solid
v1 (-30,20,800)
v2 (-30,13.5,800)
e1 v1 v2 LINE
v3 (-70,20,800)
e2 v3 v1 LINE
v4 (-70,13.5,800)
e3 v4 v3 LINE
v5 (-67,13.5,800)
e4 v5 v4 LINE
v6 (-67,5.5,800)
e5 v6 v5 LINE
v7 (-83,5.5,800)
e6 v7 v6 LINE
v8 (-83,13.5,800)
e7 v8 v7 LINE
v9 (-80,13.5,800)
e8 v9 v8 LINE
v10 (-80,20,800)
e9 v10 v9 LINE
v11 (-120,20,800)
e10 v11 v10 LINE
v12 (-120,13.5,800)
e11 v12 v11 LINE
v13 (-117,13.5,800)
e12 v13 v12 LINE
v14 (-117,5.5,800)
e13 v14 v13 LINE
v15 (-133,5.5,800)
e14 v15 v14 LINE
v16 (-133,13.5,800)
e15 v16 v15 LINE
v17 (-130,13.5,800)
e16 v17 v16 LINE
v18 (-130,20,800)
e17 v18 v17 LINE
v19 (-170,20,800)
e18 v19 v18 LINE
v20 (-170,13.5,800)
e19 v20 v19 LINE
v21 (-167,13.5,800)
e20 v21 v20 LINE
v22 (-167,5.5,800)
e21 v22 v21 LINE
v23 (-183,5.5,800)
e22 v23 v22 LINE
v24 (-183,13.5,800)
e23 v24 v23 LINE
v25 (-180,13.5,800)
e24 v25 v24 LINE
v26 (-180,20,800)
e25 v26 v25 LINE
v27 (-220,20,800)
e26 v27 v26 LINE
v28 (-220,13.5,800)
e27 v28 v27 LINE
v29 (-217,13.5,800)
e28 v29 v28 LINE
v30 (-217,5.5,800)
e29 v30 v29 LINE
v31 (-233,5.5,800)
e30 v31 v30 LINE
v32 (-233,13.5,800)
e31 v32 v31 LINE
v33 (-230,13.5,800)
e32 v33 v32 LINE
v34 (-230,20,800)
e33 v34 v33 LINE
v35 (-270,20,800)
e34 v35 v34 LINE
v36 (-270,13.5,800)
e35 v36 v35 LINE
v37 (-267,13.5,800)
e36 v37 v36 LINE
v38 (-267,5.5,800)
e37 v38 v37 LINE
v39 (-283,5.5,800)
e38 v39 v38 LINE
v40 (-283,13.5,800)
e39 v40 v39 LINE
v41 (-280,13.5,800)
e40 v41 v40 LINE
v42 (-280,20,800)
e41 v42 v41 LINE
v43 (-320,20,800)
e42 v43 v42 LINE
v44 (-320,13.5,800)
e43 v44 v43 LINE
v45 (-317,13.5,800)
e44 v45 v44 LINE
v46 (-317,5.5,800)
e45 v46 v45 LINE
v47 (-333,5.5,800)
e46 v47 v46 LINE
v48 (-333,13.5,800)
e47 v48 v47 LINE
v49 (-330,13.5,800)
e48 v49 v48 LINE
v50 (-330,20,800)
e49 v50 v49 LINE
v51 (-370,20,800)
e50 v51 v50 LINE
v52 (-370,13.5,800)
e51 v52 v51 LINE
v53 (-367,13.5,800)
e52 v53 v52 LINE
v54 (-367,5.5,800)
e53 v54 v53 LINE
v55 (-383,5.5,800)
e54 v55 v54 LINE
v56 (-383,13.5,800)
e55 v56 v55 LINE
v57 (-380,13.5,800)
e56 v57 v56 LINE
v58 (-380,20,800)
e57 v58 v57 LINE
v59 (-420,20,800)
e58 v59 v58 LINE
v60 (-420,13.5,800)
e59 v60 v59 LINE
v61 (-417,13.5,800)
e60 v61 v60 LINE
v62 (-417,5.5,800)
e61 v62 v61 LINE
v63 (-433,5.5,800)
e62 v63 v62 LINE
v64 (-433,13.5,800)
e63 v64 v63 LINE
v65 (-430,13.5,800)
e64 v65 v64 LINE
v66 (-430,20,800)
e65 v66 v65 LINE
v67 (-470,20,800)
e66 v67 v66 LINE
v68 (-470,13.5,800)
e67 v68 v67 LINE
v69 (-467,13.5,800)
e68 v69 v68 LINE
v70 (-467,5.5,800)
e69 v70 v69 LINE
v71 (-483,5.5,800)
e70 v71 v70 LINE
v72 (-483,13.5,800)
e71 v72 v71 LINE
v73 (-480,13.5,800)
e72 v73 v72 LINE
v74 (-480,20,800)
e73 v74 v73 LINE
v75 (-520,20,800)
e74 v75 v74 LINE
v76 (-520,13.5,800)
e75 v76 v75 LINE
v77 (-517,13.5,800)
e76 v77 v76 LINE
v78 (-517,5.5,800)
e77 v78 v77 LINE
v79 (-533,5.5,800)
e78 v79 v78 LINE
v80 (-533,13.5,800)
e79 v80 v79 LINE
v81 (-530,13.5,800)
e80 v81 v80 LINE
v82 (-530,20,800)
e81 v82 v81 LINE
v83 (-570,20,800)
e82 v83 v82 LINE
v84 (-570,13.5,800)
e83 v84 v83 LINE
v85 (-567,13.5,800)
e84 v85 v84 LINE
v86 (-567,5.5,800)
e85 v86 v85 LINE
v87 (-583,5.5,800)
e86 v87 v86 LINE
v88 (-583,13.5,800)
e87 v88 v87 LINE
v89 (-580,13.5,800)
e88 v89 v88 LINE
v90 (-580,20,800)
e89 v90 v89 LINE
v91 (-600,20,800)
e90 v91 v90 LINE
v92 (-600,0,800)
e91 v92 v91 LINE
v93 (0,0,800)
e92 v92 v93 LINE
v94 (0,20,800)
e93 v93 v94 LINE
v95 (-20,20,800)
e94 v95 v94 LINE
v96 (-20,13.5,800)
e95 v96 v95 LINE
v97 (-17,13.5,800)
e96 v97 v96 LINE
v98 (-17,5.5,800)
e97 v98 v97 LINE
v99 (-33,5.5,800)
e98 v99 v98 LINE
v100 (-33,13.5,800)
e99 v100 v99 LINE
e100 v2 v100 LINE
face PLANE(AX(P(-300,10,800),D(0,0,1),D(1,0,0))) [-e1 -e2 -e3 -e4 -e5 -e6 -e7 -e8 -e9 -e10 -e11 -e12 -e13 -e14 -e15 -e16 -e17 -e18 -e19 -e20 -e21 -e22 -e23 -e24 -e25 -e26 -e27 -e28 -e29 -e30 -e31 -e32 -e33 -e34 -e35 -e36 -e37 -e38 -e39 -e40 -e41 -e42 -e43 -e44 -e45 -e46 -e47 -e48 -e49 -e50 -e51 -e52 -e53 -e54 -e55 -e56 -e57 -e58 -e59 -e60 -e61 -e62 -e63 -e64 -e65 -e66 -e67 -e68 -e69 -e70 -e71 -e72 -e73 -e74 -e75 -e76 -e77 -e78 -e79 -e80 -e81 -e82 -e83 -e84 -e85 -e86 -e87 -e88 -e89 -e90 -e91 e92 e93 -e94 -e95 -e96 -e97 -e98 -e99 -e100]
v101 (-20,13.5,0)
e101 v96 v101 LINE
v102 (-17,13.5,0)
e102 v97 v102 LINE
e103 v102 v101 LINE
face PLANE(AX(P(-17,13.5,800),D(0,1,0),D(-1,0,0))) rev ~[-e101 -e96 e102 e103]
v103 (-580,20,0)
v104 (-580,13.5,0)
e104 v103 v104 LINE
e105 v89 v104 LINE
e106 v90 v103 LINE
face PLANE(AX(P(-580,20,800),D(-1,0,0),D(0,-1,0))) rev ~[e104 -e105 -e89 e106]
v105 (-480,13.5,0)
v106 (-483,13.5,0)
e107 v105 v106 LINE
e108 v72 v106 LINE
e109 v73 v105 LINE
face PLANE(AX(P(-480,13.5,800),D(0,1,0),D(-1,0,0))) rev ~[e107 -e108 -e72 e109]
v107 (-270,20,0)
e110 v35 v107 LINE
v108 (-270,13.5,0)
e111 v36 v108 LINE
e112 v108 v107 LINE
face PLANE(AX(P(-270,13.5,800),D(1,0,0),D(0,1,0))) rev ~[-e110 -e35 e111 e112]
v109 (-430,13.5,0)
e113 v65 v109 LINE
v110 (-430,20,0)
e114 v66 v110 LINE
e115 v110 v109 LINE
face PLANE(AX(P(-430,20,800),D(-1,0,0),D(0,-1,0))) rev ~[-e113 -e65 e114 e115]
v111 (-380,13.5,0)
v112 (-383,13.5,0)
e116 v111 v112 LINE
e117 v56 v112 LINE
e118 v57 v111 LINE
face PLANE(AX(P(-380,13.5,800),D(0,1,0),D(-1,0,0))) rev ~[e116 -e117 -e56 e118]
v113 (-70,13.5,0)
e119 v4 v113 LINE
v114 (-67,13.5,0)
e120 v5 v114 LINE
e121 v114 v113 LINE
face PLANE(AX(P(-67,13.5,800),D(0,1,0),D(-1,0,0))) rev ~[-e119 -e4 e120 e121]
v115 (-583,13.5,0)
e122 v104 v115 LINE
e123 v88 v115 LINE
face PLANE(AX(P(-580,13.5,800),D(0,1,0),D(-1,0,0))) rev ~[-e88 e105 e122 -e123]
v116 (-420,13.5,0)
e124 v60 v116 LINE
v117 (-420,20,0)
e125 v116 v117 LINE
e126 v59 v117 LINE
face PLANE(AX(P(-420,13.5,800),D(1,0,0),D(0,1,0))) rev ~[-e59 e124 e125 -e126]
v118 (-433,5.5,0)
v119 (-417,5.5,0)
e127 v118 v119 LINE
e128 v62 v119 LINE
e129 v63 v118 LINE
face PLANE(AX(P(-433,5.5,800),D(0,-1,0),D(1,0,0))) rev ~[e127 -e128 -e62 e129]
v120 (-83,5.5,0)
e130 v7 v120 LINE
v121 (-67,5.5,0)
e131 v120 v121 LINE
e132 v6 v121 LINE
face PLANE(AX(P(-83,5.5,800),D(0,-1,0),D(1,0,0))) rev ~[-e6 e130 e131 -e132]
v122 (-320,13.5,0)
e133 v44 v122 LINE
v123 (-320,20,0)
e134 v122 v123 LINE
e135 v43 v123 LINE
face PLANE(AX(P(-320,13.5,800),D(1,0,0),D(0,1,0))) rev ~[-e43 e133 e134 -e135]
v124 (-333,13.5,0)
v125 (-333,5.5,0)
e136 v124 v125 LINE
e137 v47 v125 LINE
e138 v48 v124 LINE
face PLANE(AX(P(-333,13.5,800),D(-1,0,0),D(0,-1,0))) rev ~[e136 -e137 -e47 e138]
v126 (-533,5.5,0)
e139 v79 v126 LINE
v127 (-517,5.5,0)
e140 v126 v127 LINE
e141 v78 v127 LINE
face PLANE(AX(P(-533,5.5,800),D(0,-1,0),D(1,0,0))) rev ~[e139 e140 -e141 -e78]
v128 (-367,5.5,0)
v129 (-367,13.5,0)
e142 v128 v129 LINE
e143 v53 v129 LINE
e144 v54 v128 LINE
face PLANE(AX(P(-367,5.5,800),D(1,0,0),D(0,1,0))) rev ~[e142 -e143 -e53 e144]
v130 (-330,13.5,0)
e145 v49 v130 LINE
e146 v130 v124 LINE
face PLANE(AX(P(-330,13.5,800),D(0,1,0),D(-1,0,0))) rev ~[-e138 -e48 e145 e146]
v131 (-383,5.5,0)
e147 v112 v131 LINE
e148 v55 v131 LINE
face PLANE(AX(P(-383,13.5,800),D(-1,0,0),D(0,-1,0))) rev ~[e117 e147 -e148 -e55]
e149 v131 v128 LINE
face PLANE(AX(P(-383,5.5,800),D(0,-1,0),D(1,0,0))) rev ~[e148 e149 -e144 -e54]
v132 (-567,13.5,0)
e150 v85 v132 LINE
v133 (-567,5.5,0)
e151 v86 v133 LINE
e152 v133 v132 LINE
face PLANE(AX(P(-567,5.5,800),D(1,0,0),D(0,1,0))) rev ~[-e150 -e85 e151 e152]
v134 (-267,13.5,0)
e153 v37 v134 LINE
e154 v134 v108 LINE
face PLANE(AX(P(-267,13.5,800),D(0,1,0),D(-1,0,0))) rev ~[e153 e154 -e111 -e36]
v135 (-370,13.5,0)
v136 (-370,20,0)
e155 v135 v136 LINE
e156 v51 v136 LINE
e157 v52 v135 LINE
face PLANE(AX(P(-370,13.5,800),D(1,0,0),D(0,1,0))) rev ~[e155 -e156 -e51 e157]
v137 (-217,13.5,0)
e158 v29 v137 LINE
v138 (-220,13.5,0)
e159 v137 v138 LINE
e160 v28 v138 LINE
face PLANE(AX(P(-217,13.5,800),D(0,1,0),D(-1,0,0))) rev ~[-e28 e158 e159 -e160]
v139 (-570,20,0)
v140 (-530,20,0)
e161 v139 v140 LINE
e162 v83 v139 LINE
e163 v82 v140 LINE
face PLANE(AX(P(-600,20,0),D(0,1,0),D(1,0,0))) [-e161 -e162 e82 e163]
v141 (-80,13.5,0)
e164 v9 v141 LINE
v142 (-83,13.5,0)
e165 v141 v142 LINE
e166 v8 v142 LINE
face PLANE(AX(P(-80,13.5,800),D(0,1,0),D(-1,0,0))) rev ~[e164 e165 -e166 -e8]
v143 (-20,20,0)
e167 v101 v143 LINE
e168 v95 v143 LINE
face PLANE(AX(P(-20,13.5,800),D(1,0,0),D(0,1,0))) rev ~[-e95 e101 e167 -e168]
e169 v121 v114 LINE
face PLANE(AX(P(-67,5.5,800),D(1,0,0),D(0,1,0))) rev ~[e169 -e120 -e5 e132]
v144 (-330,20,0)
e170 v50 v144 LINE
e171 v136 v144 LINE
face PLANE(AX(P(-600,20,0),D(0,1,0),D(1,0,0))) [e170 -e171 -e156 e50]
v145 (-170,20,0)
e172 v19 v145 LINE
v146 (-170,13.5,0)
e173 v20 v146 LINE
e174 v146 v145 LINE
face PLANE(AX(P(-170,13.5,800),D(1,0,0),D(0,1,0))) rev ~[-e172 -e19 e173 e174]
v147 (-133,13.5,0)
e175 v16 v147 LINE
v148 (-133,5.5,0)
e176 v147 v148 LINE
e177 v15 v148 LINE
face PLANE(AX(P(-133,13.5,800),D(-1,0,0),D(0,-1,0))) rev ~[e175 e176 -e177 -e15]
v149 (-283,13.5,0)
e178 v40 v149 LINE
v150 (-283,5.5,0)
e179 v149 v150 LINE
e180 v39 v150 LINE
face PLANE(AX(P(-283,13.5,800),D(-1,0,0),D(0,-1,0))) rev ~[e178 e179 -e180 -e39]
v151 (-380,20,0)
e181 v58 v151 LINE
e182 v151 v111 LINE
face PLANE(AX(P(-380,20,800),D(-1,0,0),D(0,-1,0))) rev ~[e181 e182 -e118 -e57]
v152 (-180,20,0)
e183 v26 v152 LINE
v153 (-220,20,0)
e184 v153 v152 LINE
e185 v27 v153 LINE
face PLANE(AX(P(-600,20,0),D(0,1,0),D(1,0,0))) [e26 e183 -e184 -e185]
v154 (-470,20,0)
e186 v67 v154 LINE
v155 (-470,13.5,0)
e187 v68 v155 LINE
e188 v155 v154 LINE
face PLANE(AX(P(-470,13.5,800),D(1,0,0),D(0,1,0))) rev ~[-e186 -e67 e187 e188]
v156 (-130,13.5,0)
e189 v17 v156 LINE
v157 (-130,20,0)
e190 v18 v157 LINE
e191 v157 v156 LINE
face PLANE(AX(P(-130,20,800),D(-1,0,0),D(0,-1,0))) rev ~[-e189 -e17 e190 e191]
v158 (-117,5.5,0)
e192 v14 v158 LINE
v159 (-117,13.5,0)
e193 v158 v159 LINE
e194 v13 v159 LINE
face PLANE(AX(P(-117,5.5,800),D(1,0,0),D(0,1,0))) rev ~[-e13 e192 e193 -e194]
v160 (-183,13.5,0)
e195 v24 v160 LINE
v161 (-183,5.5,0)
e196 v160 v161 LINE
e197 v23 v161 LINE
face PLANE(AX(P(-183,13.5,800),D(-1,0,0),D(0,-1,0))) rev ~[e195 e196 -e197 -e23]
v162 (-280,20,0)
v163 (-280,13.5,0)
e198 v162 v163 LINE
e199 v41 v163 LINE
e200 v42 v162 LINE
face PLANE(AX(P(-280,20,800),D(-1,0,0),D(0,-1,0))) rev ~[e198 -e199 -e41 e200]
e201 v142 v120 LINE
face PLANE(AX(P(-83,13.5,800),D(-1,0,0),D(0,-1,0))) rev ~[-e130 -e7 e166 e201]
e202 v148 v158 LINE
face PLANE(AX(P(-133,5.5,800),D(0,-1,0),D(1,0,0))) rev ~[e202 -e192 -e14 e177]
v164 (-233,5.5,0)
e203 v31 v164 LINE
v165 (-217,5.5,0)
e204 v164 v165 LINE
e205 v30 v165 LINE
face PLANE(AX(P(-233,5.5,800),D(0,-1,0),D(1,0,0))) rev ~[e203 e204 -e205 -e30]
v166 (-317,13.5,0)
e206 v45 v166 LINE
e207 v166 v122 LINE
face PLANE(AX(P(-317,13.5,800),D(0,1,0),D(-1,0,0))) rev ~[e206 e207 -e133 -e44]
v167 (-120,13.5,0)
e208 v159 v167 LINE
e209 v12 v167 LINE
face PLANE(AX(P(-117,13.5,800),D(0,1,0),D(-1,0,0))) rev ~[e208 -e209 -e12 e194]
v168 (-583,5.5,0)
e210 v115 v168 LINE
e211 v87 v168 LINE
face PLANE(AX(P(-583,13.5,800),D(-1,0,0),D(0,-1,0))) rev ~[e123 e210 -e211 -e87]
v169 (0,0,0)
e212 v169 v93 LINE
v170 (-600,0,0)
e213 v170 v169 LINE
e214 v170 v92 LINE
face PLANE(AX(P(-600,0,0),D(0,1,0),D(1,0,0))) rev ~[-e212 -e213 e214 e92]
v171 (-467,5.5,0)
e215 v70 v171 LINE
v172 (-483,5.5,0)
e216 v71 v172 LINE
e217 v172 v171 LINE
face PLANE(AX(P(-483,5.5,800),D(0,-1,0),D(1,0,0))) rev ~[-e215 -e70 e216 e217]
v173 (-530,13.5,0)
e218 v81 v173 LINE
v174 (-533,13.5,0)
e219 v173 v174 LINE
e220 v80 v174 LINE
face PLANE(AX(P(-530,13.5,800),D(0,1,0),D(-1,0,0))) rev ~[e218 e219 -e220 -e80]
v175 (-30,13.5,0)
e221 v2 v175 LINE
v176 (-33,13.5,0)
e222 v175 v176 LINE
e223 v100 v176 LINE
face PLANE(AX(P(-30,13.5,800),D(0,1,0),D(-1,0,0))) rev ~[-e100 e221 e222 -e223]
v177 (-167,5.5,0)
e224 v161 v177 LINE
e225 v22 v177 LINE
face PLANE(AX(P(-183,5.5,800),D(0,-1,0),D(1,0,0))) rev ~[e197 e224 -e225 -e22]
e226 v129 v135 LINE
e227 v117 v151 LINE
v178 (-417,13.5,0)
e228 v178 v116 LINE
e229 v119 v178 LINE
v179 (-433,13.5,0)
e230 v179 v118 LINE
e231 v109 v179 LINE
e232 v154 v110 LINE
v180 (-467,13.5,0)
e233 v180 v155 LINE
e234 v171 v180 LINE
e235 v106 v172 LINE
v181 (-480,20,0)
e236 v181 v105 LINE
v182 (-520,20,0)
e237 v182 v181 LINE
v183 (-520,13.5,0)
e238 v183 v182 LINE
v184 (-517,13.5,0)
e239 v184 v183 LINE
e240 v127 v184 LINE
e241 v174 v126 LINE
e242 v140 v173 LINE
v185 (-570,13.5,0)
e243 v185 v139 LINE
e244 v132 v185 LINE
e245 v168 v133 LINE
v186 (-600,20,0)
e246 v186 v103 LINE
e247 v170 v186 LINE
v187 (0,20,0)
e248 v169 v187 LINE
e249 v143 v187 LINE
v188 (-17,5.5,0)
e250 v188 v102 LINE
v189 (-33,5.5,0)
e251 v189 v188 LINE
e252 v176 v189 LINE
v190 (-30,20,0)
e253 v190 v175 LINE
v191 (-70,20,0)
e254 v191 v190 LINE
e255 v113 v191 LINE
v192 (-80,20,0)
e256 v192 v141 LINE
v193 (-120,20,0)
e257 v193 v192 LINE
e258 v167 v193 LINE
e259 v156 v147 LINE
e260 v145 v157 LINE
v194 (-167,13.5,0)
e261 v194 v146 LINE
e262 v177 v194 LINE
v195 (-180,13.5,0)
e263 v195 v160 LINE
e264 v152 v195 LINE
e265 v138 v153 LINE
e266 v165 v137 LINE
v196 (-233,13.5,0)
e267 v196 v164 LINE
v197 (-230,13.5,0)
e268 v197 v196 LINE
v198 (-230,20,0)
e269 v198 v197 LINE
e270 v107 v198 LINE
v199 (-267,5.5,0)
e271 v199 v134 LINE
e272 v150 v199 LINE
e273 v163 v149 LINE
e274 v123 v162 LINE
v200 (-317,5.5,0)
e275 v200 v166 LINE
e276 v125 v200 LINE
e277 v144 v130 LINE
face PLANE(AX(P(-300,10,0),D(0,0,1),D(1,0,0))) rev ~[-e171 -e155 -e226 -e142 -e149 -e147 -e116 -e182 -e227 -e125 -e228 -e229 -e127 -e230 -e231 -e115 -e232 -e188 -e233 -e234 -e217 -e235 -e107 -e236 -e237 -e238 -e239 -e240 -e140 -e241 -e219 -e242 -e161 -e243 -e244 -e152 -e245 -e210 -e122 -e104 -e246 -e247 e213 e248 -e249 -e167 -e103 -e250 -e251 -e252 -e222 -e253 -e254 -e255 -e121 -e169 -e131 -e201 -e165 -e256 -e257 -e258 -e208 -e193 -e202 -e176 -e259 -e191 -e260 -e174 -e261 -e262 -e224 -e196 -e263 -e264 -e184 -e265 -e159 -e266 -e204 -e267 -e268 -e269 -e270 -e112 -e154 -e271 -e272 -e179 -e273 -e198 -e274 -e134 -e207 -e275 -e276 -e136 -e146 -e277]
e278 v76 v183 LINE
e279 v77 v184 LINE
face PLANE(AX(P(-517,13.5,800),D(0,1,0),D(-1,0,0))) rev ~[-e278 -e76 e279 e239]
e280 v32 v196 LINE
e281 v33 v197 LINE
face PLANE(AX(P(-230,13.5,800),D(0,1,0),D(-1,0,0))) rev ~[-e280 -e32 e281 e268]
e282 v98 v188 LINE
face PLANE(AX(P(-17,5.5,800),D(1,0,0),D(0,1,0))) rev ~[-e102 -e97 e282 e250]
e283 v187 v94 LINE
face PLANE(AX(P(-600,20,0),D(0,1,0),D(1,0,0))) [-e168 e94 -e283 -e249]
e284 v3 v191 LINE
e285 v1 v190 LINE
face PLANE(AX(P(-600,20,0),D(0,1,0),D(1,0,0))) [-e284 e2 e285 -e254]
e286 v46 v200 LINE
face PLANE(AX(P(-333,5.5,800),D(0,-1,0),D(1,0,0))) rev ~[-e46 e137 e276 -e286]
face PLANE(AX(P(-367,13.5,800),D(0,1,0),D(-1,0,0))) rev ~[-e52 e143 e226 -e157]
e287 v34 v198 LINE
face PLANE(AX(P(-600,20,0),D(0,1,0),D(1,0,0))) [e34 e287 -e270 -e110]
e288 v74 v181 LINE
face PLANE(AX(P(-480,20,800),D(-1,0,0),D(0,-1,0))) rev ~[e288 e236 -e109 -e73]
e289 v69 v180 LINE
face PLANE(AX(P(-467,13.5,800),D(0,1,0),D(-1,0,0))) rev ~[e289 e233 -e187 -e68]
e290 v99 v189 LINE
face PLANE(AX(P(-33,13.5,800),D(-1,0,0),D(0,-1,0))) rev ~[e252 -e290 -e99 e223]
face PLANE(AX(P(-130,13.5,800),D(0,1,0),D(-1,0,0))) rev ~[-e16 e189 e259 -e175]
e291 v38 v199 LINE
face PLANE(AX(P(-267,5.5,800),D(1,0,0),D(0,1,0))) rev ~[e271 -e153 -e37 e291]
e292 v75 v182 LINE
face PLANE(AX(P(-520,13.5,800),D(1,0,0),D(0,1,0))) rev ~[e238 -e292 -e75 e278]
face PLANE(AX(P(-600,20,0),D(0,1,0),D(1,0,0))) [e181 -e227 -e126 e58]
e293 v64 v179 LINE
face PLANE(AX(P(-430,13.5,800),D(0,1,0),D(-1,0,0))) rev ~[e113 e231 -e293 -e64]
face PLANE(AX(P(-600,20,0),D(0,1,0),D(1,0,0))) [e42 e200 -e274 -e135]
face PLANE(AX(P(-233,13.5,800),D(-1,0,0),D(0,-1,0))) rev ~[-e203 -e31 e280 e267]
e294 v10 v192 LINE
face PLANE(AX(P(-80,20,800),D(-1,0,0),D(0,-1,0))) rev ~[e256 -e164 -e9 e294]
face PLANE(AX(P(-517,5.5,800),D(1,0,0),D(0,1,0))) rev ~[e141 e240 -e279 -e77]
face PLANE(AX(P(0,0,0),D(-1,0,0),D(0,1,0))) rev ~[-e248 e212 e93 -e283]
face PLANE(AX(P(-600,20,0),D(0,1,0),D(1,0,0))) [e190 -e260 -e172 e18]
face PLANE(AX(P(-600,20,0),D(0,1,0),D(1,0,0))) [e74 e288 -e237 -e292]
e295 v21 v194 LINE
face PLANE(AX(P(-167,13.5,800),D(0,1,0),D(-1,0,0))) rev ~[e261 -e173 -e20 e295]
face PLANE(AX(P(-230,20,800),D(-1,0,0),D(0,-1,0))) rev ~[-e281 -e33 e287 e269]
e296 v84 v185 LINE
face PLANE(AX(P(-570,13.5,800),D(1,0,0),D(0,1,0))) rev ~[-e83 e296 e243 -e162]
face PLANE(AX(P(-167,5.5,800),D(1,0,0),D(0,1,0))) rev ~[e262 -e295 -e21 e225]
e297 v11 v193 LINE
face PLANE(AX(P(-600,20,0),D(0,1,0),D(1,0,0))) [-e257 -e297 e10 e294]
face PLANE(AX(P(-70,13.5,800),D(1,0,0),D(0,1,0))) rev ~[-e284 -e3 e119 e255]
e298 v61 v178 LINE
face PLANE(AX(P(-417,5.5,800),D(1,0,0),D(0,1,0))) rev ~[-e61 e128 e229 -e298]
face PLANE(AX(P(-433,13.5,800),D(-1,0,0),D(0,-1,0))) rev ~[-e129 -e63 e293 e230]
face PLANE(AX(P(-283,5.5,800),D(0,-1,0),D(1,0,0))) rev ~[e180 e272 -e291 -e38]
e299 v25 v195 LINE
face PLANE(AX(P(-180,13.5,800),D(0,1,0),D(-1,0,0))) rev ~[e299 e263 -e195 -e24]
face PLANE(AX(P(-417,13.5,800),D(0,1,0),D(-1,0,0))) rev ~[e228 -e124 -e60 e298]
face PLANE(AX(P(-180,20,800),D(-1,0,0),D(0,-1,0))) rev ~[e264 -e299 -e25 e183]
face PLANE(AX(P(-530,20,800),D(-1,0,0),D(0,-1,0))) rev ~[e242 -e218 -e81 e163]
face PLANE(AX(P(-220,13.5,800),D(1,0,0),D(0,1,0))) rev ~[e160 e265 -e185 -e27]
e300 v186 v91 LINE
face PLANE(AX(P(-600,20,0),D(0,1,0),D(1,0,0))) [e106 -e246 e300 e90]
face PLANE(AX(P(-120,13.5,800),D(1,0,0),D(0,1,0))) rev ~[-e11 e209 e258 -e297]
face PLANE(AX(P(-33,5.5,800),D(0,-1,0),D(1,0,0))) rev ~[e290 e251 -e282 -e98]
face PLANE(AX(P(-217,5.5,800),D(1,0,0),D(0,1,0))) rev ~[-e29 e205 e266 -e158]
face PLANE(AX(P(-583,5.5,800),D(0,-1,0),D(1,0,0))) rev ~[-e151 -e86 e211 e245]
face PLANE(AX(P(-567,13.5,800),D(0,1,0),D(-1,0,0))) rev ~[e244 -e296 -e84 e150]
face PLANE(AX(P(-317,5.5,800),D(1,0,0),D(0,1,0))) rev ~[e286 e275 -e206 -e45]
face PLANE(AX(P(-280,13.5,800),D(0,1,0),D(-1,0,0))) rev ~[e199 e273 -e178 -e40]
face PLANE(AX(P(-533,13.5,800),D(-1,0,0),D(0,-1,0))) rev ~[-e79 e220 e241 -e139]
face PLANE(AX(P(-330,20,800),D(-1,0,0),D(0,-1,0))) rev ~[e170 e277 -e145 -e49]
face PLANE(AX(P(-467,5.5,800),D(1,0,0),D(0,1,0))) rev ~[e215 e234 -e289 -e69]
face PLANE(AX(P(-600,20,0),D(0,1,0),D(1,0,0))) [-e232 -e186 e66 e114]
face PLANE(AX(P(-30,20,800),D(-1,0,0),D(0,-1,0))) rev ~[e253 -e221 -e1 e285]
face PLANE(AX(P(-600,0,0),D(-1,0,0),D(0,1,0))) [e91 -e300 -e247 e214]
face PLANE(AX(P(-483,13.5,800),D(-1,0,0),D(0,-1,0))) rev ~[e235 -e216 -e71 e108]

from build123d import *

# Parameters (mm, degrees)
SKETCH1_W           = 600
SKETCH1_H           = 20
BOSS_EXTRUDE1_DEPTH = 800
CUT_EXTRUDE1_DEPTH  = 1001.199980004


with BuildPart() as part:
    # Sketch1 → Boss-Extrude1 (new body)
    with BuildSketch(Plane.XY):
        with Locations((-300, 10)):
            Rectangle(SKETCH1_W, SKETCH1_H)
    extrude(amount=BOSS_EXTRUDE1_DEPTH)

    # Sketch2 → Cut-Extrude1 (cut, through all)
    with BuildSketch(Plane.XY.offset(800)):
        Polygon((-580, 20), (-580, 13.5), (-583, 13.5), (-583, 5.5), (-567, 5.5), (-567, 13.5), (-570, 13.5), (-570, 20), align=None)
        Polygon((-530, 20), (-530, 13.5), (-533, 13.5), (-533, 5.5), (-517, 5.5), (-517, 13.5), (-520, 13.5), (-520, 20), align=None)
        Polygon((-480, 20), (-480, 13.5), (-483, 13.5), (-483, 5.5), (-467, 5.5), (-467, 13.5), (-470, 13.5), (-470, 20), align=None)
        Polygon((-430, 20), (-430, 13.5), (-433, 13.5), (-433, 5.5), (-417, 5.5), (-417, 13.5), (-420, 13.5), (-420, 20), align=None)
        Polygon((-380, 20), (-380, 13.5), (-383, 13.5), (-383, 5.5), (-367, 5.5), (-367, 13.5), (-370, 13.5), (-370, 20), align=None)
        Polygon((-330, 20), (-330, 13.5), (-333, 13.5), (-333, 5.5), (-317, 5.5), (-317, 13.5), (-320, 13.5), (-320, 20), align=None)
        Polygon((-280, 20), (-280, 13.5), (-283, 13.5), (-283, 5.5), (-267, 5.5), (-267, 13.5), (-270, 13.5), (-270, 20), align=None)
        Polygon((-230, 20), (-230, 13.5), (-233, 13.5), (-233, 5.5), (-217, 5.5), (-217, 13.5), (-220, 13.5), (-220, 20), align=None)
        Polygon((-180, 20), (-180, 13.5), (-183, 13.5), (-183, 5.5), (-167, 5.5), (-167, 13.5), (-170, 13.5), (-170, 20), align=None)
        Polygon((-130, 20), (-130, 13.5), (-133, 13.5), (-133, 5.5), (-117, 5.5), (-117, 13.5), (-120, 13.5), (-120, 20), align=None)
        Polygon((-80, 20), (-80, 13.5), (-83, 13.5), (-83, 5.5), (-67, 5.5), (-67, 13.5), (-70, 13.5), (-70, 20), align=None)
        Polygon((-30, 20), (-30, 13.5), (-33, 13.5), (-33, 5.5), (-17, 5.5), (-17, 13.5), (-20, 13.5), (-20, 20), align=None)
    extrude(amount=-CUT_EXTRUDE1_DEPTH, mode=Mode.SUBTRACT)


solid = part.part
